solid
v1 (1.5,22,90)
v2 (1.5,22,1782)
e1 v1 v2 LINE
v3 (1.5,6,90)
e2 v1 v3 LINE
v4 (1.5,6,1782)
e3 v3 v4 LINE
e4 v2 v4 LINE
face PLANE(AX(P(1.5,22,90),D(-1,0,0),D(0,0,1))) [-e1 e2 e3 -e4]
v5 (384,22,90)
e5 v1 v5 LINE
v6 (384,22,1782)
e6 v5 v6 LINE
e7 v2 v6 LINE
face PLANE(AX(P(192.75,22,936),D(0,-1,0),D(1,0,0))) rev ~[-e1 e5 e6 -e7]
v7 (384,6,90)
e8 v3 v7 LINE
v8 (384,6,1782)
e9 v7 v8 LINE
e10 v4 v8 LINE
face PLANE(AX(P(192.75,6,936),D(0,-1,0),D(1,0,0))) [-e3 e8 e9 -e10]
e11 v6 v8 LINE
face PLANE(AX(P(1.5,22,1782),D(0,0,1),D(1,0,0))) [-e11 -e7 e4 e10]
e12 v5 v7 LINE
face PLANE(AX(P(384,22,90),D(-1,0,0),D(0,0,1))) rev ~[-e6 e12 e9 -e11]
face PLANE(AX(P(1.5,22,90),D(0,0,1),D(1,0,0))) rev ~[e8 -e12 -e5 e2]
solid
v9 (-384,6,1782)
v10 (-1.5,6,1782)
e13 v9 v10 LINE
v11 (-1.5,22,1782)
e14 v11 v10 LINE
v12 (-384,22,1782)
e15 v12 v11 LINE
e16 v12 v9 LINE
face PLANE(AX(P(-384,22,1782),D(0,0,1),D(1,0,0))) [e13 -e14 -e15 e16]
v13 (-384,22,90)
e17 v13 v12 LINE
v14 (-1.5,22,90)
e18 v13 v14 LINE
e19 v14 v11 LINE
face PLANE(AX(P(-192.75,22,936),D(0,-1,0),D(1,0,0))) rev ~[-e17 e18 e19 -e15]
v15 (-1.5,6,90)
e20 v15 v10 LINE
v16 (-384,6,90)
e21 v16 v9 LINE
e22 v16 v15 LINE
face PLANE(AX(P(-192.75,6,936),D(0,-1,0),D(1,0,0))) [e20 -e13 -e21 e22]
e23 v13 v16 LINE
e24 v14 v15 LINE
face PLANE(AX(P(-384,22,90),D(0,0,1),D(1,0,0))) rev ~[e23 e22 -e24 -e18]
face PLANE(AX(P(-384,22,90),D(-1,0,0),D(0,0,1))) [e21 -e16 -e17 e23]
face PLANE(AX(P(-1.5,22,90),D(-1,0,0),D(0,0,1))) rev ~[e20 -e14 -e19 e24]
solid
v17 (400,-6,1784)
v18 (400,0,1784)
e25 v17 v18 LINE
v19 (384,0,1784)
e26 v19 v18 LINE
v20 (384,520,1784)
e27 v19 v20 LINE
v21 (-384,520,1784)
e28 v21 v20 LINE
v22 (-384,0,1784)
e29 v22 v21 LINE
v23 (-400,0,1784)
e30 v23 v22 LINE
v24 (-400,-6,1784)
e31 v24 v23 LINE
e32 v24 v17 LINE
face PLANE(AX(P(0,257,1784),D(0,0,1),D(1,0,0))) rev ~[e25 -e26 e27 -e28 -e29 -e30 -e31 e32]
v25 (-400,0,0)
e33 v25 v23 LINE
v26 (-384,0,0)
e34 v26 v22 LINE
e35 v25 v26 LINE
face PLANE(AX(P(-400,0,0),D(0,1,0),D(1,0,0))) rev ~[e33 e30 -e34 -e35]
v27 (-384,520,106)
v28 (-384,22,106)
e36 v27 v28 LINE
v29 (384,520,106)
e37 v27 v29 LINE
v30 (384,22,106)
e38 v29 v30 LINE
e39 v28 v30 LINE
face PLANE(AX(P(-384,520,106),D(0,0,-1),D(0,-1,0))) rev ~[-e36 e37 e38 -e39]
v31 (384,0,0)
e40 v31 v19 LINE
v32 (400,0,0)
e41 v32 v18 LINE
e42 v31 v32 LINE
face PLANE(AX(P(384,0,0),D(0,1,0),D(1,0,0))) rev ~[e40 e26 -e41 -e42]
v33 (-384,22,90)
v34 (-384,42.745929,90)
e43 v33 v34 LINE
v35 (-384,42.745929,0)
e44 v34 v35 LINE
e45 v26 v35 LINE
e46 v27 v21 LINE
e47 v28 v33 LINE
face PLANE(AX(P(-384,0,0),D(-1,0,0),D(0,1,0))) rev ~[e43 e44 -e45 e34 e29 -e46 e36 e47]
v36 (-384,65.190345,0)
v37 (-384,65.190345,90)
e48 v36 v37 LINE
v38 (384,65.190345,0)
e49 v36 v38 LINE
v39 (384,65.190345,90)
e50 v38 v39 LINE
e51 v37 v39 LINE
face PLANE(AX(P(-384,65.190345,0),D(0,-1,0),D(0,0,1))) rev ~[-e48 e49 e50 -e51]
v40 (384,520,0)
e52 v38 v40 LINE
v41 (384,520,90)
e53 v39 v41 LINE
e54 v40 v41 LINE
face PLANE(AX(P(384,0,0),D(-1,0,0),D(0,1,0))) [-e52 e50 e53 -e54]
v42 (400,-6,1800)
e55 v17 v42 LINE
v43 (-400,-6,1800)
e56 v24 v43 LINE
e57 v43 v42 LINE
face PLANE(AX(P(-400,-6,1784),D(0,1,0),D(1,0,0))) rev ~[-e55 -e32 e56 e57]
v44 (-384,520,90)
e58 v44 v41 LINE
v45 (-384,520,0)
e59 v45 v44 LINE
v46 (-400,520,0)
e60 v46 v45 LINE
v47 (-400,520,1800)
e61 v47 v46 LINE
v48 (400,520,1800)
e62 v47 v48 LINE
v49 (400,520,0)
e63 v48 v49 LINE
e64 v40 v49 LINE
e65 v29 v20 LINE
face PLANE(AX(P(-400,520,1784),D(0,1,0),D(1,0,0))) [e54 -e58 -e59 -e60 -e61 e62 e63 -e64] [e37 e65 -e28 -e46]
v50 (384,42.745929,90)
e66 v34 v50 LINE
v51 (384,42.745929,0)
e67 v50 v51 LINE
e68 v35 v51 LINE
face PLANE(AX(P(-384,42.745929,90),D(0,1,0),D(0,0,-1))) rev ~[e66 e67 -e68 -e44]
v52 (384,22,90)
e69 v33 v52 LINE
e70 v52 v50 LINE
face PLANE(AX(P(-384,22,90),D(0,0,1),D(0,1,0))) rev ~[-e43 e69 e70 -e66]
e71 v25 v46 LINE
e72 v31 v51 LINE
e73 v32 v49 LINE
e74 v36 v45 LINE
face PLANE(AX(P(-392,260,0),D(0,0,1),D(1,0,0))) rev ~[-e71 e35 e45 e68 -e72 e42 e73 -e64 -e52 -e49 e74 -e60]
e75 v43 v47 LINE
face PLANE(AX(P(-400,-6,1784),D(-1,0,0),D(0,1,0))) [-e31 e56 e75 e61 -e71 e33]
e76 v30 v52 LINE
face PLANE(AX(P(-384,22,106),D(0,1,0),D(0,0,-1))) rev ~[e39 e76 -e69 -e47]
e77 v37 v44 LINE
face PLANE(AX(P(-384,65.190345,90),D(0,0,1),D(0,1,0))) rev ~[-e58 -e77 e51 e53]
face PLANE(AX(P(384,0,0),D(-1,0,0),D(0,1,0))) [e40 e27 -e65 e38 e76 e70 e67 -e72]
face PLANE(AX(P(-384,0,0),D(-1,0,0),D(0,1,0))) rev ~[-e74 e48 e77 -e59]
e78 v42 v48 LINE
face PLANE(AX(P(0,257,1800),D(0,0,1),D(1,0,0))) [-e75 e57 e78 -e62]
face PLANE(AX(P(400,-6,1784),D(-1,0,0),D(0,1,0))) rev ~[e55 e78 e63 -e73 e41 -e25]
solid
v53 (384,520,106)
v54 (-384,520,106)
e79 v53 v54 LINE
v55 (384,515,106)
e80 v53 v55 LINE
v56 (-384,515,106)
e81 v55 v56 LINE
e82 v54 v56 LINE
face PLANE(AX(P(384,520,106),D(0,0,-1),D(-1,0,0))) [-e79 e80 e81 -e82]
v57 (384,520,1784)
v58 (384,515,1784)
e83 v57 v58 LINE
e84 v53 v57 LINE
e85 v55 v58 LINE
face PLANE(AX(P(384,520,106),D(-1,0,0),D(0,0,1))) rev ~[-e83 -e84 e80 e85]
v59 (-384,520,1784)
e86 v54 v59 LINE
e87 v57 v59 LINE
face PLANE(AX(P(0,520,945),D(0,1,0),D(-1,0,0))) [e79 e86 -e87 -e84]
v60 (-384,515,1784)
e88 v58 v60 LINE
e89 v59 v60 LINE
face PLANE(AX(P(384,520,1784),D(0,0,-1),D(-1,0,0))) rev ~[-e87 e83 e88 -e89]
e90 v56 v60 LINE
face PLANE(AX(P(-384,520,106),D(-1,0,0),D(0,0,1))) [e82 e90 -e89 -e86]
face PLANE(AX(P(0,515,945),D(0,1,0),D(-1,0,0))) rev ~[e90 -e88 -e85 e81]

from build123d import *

# Parameters (mm, degrees)
F0_W      = 16
F0_H      = 520
F1_DEPTH  = 1784
F2_W      = 800
F2_H      = 526
F3_DEPTH  = 16
F6_DEPTH  = 768
F7_W      = 768
F7_H      = 1678
F8_DEPTH  = 5
F9_W      = 382.5
F9_H      = 1692
F10_DEPTH = 16


with BuildPart() as f1:
    # F0 (on Top) → F1 (new body)
    with BuildSketch(Plane.XY):
        with Locations((-392, 260)):
            Rectangle(F0_W, F0_H)
        with Locations((392, 260)):
            Rectangle(F0_W, F0_H)
    extrude(amount=F1_DEPTH)


with BuildPart() as f3:
    # F2 (on face) → F3 (new body)
    with BuildSketch(Plane.XY.offset(1784)):
        with Locations((0, 257)):
            Rectangle(F2_W, F2_H)
    extrude(amount=F3_DEPTH)


with BuildPart() as f1_1:
    add(f1.part)

    # F4: union F3
    add(f3.part)

    # F5 (on face) → F6 (join, through all)
    with BuildSketch(Plane.YZ.offset(-384)):
        Polygon((65.190345, 90), (520, 90), (520, 106), (22, 106), (22, 90), (42.745929, 90), (42.745929, 0), (65.190345, 0), align=None)
    extrude(amount=F6_DEPTH)


with BuildPart() as f8:
    # F7 (on face) → F8 (new body)
    with BuildSketch(Plane(origin=(0, 520, 0), x_dir=(-1, 0, 0), z_dir=(0, 1, 0))):
        with Locations((0, 945)):
            Rectangle(F7_W, F7_H)
    extrude(amount=-F8_DEPTH)


with BuildPart() as f10:
    # F9 (on face) → F10 (new body)
    with BuildSketch(Plane.XZ.offset(-22)):
        with Locations((-192.75, 936)):
            Rectangle(F9_W, F9_H)
        with Locations((192.75, 936)):
            Rectangle(F9_W, F9_H)
    extrude(amount=F10_DEPTH)


solid = Compound([f1_1.part, f8.part, f10.part])
